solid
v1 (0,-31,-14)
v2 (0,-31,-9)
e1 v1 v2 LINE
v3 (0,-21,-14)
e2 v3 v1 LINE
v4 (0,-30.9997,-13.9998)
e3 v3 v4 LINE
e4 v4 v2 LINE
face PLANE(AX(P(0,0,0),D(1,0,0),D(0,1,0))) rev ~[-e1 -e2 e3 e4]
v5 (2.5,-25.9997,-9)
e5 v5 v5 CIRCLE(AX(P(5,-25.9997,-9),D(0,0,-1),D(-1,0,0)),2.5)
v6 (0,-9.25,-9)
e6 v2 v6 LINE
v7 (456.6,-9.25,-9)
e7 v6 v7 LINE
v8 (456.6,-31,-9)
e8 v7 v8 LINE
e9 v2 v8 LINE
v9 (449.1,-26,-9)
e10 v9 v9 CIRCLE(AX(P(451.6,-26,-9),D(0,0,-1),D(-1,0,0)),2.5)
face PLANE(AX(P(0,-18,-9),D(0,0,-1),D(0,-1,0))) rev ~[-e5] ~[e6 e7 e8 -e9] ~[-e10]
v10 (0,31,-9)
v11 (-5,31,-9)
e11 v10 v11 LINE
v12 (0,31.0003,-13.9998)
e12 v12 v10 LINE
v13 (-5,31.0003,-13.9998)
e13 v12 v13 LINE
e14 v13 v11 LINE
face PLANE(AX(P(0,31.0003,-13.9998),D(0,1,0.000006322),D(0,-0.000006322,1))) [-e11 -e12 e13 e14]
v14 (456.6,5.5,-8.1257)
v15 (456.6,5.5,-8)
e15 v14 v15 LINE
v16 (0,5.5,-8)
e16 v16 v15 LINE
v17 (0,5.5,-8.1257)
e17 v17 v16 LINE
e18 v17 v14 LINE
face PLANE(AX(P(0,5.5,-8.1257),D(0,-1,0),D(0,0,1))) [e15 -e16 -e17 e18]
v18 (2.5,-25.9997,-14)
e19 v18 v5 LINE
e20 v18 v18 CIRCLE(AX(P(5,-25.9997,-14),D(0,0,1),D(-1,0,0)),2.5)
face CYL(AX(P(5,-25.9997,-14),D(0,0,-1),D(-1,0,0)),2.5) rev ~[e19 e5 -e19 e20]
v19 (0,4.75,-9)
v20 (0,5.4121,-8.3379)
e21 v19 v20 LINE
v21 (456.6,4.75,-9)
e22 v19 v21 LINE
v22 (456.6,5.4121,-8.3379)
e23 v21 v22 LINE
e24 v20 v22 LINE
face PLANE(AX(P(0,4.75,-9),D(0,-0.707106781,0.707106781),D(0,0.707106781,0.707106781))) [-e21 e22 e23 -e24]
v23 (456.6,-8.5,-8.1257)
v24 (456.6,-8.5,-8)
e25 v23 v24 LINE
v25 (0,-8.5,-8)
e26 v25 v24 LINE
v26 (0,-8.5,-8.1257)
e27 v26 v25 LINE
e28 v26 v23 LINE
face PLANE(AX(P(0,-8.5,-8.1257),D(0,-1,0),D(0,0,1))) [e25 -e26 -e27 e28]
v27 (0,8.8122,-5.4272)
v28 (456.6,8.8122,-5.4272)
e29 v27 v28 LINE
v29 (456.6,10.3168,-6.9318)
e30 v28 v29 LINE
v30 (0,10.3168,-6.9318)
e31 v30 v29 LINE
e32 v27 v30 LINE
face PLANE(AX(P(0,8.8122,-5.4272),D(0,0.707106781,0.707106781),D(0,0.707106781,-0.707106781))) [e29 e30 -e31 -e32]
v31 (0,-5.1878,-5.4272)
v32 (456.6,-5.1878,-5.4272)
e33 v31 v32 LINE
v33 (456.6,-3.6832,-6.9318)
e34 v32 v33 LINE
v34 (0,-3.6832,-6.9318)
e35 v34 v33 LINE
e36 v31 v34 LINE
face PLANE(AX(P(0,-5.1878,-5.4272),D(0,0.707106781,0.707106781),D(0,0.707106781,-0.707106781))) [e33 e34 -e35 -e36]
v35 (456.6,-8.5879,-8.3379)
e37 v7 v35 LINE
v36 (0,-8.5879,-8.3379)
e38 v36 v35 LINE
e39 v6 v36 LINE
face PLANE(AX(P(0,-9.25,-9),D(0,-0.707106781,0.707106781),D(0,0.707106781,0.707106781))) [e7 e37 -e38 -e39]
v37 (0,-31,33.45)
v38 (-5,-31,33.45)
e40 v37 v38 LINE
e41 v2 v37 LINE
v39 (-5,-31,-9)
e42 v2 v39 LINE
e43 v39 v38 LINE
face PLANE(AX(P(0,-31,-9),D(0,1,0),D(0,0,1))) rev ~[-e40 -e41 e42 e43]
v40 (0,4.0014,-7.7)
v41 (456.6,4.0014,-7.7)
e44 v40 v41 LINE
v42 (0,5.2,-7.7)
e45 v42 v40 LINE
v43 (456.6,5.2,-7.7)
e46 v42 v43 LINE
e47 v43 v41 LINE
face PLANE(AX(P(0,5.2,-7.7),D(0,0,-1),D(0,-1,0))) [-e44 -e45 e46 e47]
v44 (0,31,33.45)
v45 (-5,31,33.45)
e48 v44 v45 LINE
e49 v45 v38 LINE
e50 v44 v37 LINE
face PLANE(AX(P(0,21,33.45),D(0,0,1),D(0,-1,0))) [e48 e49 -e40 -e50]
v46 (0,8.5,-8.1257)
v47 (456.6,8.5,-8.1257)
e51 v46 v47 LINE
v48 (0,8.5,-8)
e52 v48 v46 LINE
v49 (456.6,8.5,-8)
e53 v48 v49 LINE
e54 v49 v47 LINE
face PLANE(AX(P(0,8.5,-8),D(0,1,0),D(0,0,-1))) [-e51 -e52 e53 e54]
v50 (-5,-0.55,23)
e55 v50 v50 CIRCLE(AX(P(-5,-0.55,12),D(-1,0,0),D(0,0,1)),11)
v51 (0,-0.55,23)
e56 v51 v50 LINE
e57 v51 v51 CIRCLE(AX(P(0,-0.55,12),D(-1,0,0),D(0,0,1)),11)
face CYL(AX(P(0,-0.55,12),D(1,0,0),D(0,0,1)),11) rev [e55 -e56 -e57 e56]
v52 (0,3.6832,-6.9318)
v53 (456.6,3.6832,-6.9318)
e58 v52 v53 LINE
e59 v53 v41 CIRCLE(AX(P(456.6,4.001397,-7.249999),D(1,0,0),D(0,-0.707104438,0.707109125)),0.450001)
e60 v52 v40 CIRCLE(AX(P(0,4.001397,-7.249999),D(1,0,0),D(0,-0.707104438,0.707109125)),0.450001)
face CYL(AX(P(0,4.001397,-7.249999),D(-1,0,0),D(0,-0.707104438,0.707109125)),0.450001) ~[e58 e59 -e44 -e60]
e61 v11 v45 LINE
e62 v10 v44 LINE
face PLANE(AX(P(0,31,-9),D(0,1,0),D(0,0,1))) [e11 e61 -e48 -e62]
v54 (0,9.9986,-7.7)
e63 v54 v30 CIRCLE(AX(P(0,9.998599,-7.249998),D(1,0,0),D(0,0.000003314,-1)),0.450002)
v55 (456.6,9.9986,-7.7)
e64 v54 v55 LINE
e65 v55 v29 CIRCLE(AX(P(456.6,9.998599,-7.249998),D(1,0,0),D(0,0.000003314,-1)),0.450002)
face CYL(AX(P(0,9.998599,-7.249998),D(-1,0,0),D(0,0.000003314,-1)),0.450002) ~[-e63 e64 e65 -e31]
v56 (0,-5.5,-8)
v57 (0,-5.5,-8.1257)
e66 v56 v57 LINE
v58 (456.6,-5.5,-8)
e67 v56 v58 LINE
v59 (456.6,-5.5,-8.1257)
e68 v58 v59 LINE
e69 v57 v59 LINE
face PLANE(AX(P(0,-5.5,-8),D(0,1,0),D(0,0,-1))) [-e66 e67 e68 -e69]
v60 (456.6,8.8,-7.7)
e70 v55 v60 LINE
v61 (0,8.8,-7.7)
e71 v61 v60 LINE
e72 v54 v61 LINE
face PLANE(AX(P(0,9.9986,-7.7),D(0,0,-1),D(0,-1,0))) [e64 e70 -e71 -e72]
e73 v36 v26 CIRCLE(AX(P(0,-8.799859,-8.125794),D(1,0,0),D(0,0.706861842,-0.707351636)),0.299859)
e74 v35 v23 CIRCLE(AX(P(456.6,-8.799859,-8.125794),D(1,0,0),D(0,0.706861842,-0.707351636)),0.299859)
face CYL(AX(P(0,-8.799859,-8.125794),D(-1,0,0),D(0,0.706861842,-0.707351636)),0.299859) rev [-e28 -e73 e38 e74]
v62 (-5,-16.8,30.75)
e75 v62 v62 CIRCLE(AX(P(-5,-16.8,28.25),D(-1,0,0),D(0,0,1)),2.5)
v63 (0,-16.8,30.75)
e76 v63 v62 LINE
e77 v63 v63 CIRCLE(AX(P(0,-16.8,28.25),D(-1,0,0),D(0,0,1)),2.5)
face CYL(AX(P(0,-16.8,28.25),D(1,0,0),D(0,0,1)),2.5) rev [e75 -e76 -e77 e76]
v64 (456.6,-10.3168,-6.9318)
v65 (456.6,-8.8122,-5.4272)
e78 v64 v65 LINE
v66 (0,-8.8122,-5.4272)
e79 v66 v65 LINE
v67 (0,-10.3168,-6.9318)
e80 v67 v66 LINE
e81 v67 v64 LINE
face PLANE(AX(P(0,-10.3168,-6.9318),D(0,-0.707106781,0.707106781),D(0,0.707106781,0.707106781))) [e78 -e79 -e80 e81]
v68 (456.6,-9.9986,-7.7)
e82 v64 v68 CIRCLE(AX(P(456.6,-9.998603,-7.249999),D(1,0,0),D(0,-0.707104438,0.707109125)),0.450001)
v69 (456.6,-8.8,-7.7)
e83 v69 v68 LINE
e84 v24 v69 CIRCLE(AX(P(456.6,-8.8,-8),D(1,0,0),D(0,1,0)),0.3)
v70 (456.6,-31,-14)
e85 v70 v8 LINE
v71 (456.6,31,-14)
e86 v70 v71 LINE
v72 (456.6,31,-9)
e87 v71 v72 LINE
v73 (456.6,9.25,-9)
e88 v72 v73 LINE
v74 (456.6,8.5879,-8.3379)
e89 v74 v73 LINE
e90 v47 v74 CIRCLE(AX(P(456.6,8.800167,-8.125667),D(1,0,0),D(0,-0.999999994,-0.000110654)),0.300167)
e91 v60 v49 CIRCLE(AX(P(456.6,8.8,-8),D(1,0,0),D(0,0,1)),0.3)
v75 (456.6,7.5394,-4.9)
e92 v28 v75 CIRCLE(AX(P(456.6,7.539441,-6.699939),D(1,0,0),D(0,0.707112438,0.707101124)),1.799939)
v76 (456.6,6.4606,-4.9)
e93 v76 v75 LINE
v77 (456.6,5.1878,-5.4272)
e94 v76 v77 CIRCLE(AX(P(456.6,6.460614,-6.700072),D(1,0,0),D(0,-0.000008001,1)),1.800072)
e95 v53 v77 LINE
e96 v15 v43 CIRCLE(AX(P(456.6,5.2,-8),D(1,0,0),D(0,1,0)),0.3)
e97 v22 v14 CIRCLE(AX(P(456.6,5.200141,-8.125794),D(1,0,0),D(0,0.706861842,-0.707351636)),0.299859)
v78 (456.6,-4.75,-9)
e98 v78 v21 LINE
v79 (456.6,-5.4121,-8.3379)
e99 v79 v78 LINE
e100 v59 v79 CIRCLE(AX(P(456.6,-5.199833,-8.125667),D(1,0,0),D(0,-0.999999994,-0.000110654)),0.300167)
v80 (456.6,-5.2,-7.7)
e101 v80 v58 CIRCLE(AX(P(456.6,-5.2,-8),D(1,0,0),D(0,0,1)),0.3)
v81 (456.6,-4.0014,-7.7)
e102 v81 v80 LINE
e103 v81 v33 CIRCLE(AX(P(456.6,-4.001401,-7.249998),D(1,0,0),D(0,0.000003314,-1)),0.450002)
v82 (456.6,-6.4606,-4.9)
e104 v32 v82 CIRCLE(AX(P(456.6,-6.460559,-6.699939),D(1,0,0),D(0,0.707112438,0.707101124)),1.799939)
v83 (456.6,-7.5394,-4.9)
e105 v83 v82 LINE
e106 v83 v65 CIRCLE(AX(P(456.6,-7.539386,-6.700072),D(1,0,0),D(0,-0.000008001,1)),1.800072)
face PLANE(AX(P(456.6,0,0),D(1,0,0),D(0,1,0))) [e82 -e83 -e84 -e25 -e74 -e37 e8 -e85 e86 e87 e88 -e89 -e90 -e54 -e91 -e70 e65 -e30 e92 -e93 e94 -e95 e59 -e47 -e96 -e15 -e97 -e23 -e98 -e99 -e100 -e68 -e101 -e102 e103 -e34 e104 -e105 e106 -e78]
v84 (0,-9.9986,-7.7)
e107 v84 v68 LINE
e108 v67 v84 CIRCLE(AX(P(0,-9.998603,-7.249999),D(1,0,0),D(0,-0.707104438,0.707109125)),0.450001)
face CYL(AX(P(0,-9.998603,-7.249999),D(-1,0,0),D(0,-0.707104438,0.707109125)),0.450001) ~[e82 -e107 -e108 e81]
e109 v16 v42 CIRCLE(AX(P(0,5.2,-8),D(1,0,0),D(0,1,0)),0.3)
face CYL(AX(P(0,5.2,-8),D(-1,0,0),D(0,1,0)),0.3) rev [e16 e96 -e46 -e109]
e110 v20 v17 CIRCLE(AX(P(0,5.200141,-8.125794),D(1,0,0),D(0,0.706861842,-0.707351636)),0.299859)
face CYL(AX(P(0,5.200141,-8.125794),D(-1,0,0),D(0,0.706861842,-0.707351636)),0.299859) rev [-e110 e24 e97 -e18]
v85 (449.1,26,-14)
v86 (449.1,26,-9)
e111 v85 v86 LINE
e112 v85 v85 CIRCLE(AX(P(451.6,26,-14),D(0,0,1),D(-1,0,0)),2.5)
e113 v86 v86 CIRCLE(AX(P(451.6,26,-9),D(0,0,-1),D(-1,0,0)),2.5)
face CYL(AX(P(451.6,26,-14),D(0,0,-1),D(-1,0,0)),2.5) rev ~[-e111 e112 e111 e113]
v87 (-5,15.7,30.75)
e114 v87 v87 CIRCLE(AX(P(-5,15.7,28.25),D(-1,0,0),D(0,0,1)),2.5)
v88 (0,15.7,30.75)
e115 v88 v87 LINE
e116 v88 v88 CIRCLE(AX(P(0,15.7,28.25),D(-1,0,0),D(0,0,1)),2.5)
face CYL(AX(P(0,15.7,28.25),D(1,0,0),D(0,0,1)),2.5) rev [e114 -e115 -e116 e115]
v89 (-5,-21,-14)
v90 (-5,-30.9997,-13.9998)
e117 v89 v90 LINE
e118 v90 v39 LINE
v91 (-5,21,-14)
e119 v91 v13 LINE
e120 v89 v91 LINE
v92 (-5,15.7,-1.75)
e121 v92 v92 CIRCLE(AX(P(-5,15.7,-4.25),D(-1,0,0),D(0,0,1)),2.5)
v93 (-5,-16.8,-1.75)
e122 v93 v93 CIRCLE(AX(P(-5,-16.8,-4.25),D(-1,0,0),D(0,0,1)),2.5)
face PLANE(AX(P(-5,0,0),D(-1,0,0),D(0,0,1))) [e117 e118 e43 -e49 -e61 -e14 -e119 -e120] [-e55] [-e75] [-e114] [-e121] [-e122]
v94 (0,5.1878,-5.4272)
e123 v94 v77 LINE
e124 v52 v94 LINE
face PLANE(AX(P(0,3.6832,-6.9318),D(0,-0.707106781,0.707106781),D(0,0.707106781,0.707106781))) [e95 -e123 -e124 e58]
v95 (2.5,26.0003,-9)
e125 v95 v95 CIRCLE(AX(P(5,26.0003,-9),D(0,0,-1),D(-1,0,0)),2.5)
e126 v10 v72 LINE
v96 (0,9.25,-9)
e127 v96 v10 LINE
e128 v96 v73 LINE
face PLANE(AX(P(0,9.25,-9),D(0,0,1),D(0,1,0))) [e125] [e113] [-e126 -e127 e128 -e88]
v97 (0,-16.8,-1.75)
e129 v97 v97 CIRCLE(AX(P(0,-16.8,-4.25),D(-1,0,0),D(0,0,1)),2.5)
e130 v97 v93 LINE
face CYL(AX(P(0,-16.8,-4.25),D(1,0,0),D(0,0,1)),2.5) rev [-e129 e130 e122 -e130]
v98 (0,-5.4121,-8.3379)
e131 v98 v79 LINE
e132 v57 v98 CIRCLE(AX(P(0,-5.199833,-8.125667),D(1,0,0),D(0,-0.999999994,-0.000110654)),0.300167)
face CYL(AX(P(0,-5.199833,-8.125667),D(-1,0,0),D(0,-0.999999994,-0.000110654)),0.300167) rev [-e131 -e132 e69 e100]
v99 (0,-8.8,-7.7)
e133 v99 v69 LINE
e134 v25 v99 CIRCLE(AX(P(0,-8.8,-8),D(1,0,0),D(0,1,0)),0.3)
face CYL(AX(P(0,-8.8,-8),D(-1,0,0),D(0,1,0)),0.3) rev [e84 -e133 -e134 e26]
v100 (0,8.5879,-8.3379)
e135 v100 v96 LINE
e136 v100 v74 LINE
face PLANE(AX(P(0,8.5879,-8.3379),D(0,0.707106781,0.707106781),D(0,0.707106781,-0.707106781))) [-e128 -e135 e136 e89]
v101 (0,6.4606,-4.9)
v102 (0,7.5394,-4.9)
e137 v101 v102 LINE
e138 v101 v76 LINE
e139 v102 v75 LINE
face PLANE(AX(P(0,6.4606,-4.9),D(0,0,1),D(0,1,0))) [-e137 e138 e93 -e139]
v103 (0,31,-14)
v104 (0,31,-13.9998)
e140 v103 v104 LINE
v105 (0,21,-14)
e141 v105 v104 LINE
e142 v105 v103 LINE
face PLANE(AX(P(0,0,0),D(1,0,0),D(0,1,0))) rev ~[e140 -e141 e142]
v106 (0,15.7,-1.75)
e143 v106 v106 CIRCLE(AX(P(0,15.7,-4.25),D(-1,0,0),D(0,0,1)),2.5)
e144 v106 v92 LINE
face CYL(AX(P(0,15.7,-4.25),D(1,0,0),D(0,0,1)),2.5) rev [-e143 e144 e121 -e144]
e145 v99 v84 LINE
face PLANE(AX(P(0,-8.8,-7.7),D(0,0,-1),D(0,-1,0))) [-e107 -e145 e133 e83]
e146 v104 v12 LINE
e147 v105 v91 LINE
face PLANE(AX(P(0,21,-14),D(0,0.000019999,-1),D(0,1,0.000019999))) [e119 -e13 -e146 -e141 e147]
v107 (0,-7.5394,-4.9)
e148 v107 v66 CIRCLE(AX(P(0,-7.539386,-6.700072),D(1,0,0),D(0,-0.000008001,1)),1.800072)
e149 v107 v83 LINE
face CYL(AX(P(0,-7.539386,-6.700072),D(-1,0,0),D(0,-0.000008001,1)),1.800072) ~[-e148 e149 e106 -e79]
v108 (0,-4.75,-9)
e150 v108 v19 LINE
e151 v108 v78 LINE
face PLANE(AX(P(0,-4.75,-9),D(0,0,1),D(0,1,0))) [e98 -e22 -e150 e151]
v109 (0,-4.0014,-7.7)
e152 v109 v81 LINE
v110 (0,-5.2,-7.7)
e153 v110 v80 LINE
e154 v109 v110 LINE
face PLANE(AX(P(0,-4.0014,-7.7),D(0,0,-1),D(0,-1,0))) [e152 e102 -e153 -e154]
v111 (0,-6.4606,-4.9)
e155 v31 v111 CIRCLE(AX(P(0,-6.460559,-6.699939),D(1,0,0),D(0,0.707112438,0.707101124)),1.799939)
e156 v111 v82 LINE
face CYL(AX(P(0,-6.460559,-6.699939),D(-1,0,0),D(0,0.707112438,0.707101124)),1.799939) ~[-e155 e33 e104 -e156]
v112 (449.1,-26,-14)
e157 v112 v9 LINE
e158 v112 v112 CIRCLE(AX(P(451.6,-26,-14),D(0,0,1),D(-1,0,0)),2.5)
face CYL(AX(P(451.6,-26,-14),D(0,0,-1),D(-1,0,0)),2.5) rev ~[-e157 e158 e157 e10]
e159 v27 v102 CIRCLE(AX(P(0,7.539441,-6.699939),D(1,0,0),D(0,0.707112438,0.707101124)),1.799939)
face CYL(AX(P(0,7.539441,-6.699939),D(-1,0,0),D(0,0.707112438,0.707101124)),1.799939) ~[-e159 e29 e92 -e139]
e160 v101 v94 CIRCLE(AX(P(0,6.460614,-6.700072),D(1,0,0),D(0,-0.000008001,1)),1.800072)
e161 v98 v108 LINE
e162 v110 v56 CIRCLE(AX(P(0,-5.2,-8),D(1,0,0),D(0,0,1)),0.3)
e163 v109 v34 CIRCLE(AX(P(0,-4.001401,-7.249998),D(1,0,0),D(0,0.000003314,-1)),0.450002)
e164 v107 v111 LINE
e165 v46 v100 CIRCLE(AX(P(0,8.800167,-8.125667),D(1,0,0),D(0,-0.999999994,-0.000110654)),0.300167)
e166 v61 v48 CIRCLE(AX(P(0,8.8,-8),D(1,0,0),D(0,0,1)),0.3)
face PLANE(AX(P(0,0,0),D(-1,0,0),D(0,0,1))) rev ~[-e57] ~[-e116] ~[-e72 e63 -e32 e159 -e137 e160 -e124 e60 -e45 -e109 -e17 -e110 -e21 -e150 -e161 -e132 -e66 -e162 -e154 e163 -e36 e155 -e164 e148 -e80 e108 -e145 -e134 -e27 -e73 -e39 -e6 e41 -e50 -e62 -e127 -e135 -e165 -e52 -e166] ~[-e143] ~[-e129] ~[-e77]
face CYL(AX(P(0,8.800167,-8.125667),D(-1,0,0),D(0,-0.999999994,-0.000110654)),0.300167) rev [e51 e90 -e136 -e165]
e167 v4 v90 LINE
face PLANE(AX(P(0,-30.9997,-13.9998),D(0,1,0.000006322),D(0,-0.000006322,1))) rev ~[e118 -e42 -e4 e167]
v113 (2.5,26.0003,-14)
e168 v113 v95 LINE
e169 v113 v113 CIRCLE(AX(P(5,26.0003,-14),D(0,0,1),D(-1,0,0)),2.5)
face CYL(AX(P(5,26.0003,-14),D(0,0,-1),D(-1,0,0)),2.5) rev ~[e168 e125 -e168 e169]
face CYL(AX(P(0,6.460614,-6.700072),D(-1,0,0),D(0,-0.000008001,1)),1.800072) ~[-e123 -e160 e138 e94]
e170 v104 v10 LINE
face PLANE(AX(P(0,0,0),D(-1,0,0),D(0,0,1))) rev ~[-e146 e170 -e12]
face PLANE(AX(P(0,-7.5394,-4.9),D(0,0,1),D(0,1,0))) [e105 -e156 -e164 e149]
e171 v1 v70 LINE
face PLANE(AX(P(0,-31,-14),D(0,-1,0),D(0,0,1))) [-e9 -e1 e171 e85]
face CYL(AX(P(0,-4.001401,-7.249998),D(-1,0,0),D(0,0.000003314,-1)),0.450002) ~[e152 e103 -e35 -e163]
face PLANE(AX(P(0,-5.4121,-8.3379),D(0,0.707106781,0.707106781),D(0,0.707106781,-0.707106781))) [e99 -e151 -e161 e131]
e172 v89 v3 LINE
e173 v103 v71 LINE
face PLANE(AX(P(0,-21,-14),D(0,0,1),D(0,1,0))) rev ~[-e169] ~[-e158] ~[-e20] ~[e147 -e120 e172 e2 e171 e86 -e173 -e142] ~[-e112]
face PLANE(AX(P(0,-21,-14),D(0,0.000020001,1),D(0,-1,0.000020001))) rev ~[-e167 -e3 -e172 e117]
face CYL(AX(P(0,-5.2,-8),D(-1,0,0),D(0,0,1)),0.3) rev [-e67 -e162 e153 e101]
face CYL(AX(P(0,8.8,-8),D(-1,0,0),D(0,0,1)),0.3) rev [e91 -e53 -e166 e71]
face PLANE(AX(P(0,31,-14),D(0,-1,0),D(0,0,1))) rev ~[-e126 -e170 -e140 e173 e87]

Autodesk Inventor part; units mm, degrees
ref_plane "YZ Plane" through (0, 0, 0) normal (1, 0, 0) x (0, 1, 0)
ref_plane "XZ Plane" through (0, 0, 0) normal (0, 1, 0) x (-1, 0, 0)
ref_plane "XY Plane" through (0, 0, 0) normal (0, 0, 1) x (1, 0, 0)
sketch "Sketch1" plane through (0, 0, 0) normal (1, 0, 0) x (0, 1, 0)
  arc A0 (8.8122, -5.4272) -> (7.5394, -4.9) centre (7.5394, -6.7) ccw
  line L0 (8.8122, -5.4272) -> (10.3168, -6.9318)
  arc A1 (9.9986, -7.7) -> (10.3168, -6.9318) centre (9.9986, -7.25) ccw
  line L1 (9.9986, -7.7) -> (8.8, -7.7)
  arc A2 (8.8, -7.7) -> (8.5, -8) centre (8.8, -8) ccw
  line L2 (8.5, -8) -> (8.5, -8.1257)
  arc A3 (8.5, -8.1257) -> (8.5879, -8.3379) centre (8.8, -8.1257) ccw
  line L3 (8.5879, -8.3379) -> (9.25, -9)
  line L4 (9.25, -9) -> (18, -9)
  line L5 (4.75, -9) -> (5.4121, -8.3379)
  arc A4 (5.4121, -8.3379) -> (5.5, -8.1257) centre (5.2, -8.1257) ccw
  line L6 (5.5, -8.1257) -> (5.5, -8)
  arc A5 (5.5, -8) -> (5.2, -7.7) centre (5.2, -8) ccw
  line L7 (5.2, -7.7) -> (4.0014, -7.7)
  arc A6 (3.6832, -6.9318) -> (4.0014, -7.7) centre (4.0014, -7.25) ccw
  line L8 (3.6832, -6.9318) -> (5.1878, -5.4272)
  arc A7 (6.4606, -4.9) -> (5.1878, -5.4272) centre (6.4606, -6.7) ccw
  line L9 (6.4606, -4.9) -> (7.5394, -4.9)
  line L10 (-4.75, -9) -> (4.75, -9)
  line L11 (-5.4121, -8.3379) -> (-4.75, -9)
  arc A8 (-5.5, -8.1257) -> (-5.4121, -8.3379) centre (-5.2, -8.1257) ccw
  arc A9 (-5.2, -7.7) -> (-5.5, -8) centre (-5.2, -8) ccw
  line L12 (-4.0014, -7.7) -> (-5.2, -7.7)
  arc A10 (-4.0014, -7.7) -> (-3.6832, -6.9318) centre (-4.0014, -7.25) ccw
  line L13 (-5.1878, -5.4272) -> (-3.6832, -6.9318)
  arc A11 (-5.1878, -5.4272) -> (-6.4606, -4.9) centre (-6.4606, -6.7) ccw
  line L14 (-7.5394, -4.9) -> (-6.4606, -4.9)
  arc A12 (-7.5394, -4.9) -> (-8.8122, -5.4272) centre (-7.5394, -6.7) ccw
  line L15 (-10.3168, -6.9318) -> (-8.8122, -5.4272)
  line L16 (-18, -9) -> (-9.25, -9)
  line L17 (-9.25, -9) -> (-8.5879, -8.3379)
  line L18 (-5.5, -8) -> (-5.5, -8.1257)
  line L19 (-8.5, -8.1257) -> (-8.5, -8)
  arc A13 (-8.5879, -8.3379) -> (-8.5, -8.1257) centre (-8.8, -8.1257) ccw
  arc A14 (-8.5, -8) -> (-8.8, -7.7) centre (-8.8, -8) ccw
  line L20 (-8.8, -7.7) -> (-9.9986, -7.7)
  arc A15 (-10.3168, -6.9318) -> (-9.9986, -7.7) centre (-9.9986, -7.25) ccw
  line L21 (18, -9) -> (21, -9)
  line L22 (21, -9) -> (21, -14)
  line L23 (-18, -9) -> (-21, -9)
  line L24 (-21, -9) -> (-21, -14)
  line L25 (-21, -14) -> (21, -14)
  line L26 (21, -14) -> (31, -14)
  line L27 (31, -14) -> (31, -9)
  line L28 (31, -9) -> (21, -9)
  line L29 (-21, -14) -> (-31, -14)
  line L30 (-31, -14) -> (-31, -9)
  line L31 (-31, -9) -> (-21, -9)
  line L32 (-21, -14) -> (-21, -9)
  line L33 (21, -14) -> (21, -9)
  point P0 (0, 0)
  dimension "d0" = 5
  dimension "d7" = 10
  dimension "d9" = 10
extrude "Extrusion1" add sketch "Sketch1" along normal blind 456.6 contours L0 A1 L1 A2 L2 A3 L3 L4 L21 L22 L25 L24 L23 L16 L17 A13 L19 A14 L20 A15 L15 A12 L14 A11 L13 A10 L12 A9 L18 A8 L11 L10 L5 A4 L6 A5 L7 A6 L8 A7 L9 A0
sketch "Sketch2" plane through (0, 0, 0) normal (-1, 0, 0) x (0, 0, 1)
  circle A0 centre (-4.25, 15.7) radius 2.5
  circle A1 centre (28.25, 15.7) radius 2.5
  circle A2 centre (12, -0.55) radius 11
  circle A3 centre (28.25, -16.8) radius 2.5
  circle A4 centre (-4.25, -16.8) radius 2.5
  line L0 (-14, -21) -> (-14, 21) projected
  line L1 (-14, -21) -> (-9, -21)
  line L2 (-9, 21) -> (-14, 21)
  line L3 (-14, 21) -> (-14, -21)
  line L4 (33.45, 21) -> (33.45, -21)
  line L5 (33.45, -21) -> (-9.45, -21)
  line L6 (-9.45, 21) -> (33.45, 21)
  line L7 (-9, -9.25) -> (-9, -21) projected
  line L8 (33.45, -21) -> (-9, -21)
  line L9 (-13.9998, -20.9997) -> (-13.9998, -30.9997)
  line L10 (-9, -31) -> (33.45, -31)
  line L11 (33.45, -31) -> (33.45, -21)
  line L12 (33.45, 21) -> (-9, 21)
  line L13 (-14, 21) -> (-9, 21) projected
  line L14 (-13.9998, 21.0003) -> (-13.9998, 31.0003)
  line L15 (-9, 31) -> (33.45, 31)
  line L16 (33.45, 31) -> (33.45, 21)
  line L17 (-13.9998, -30.9997) -> (33.45, -30.9997)
  line L18 (33.45, -30.9997) -> (33.45, -21)
  line L19 (33.45, -21) -> (-13.9998, -21)
  line L20 (-13.9998, -21) -> (-13.9998, -30.9997)
  line L21 (33.45, 21) -> (-13.9998, 21)
  line L22 (-13.9998, 21) -> (-13.9998, 31.0003)
  line L23 (-13.9998, 31.0003) -> (33.45, 31.0003)
  line L24 (33.45, 31.0003) -> (33.45, 21)
  point P0 (12, -11.55)
  point P1 (-14, 21)
  point P2 (-13.9998, -21)
  dimension "d12" = 11.18
  dimension "d13" = 11.1805
extrude "Extrusion2" add sketch "Sketch2" along normal blind 5 contours L0 L2 L6 L4 L5 L1
extrude "Extrusion3" add sketch "Sketch1" along normal up to surface (456.6 mm away) contours L28 L27 L26 L22 | L29 L30 L31 L24
extrude "Extrusion4" add sketch "Sketch2" along normal up to surface (5 mm away) contours L1 L5 L11 L10 L17 L9 | L14 L23 L15 L16 L6 L2
sketch "Sketch3" plane through (-5, -21, -14) normal (0, 0, -1) x (-1, 0, 0)
  line L0 (-461.6, -10) -> (-461.6, 0) projected
  line L1 (-461.6, -10) -> (-451.6, -10)
  line L2 (-451.6, -10) -> (-451.6, 0)
  line L3 (-451.6, 0) -> (-461.6, 0)
  line L4 (-461.6, 0) -> (-461.6, -10)
  line L5 (-5, -10) -> (-461.6, -10) projected
  line L6 (-461.6, -10) -> (-451.6, 0)
  line L7 (-5, 0) -> (-461.6, 0) projected
  line L8 (-461.6, 0) -> (-451.6, -10)
  circle A0 centre (-456.6, -5) radius 2.5
  line L9 (-5, 52) -> (-461.6, 52) projected
  line L10 (-461.6, 52) -> (-451.6, 52)
  line L11 (-451.6, 52) -> (-451.6, 42)
  line L12 (-451.6, 42) -> (-461.6, 42)
  line L13 (-461.6, 42) -> (-461.6, 52)
  line L14 (-461.6, 42) -> (-451.6, 52)
  line L15 (-461.6, 52) -> (-451.6, 42)
  circle A1 centre (-456.6, 47) radius 2.5
  line L16 (0, -9.9997) -> (0, 0) projected
  line L17 (0, -9.9997) -> (-20, -9.9997)
  line L18 (-20, -9.9997) -> (-20, 0.0003)
  line L19 (-20, 0.0003) -> (0, 0.0003)
  line L20 (0, 0.0003) -> (0, -9.9997)
  line L21 (-5, 0) -> (0, 0) projected
  line L22 (-20, -9.9997) -> (0, 0)
  line L23 (0, 0) -> (-20, 0.0003)
  line L24 (-20, 0.0003) -> (0, -9.9997)
  circle A2 centre (-10, -4.9997) radius 2.5
  line L25 (0, 52.0003) -> (0, -9.9997) projected
  line L26 (0, 52.0003) -> (-20, 52.0003)
  line L27 (-20, 52.0003) -> (-20, 42.0003)
  line L28 (-20, 42.0003) -> (0, 42.0003)
  line L29 (0, 42.0003) -> (0, 52.0003)
  line L30 (-20, 42.0003) -> (0, 52.0003)
  line L31 (-20, 52.0003) -> (0, 42.0003)
  circle A3 centre (-10, 47.0003) radius 2.5
  point P0 (-5, 21)
  dimension "d22" = 10
  dimension "d23" = 10
  dimension "d24" = 5
  dimension "d25" = 10
  dimension "d26" = 10
  dimension "d27" = 5
  dimension "d28" = 20
  dimension "d29" = 10
  dimension "d30" = 5
  dimension "d31" = 20
  dimension "d32" = 10
  dimension "d33" = 5
extrude "Extrusion5" cut sketch "Sketch3" against normal through all contours A0 L8 L6 | L6 L8 A0 | A0 L6 L8 | L8 L6 A0 | A2 L24 L22 | L22 L24 A2 | A2 L22 L24 | L22 A2 L24 | A3 L30 L31 | L31 L30 A3 | L30 L31 A3 | A3 L31 L30 | A1 L15 L14 | L14 L15 A1 | L15 L14 A1 | A1 L14 L15
properties part number "SoporteElectromecánico" material "Steel, Mild, Welded"
